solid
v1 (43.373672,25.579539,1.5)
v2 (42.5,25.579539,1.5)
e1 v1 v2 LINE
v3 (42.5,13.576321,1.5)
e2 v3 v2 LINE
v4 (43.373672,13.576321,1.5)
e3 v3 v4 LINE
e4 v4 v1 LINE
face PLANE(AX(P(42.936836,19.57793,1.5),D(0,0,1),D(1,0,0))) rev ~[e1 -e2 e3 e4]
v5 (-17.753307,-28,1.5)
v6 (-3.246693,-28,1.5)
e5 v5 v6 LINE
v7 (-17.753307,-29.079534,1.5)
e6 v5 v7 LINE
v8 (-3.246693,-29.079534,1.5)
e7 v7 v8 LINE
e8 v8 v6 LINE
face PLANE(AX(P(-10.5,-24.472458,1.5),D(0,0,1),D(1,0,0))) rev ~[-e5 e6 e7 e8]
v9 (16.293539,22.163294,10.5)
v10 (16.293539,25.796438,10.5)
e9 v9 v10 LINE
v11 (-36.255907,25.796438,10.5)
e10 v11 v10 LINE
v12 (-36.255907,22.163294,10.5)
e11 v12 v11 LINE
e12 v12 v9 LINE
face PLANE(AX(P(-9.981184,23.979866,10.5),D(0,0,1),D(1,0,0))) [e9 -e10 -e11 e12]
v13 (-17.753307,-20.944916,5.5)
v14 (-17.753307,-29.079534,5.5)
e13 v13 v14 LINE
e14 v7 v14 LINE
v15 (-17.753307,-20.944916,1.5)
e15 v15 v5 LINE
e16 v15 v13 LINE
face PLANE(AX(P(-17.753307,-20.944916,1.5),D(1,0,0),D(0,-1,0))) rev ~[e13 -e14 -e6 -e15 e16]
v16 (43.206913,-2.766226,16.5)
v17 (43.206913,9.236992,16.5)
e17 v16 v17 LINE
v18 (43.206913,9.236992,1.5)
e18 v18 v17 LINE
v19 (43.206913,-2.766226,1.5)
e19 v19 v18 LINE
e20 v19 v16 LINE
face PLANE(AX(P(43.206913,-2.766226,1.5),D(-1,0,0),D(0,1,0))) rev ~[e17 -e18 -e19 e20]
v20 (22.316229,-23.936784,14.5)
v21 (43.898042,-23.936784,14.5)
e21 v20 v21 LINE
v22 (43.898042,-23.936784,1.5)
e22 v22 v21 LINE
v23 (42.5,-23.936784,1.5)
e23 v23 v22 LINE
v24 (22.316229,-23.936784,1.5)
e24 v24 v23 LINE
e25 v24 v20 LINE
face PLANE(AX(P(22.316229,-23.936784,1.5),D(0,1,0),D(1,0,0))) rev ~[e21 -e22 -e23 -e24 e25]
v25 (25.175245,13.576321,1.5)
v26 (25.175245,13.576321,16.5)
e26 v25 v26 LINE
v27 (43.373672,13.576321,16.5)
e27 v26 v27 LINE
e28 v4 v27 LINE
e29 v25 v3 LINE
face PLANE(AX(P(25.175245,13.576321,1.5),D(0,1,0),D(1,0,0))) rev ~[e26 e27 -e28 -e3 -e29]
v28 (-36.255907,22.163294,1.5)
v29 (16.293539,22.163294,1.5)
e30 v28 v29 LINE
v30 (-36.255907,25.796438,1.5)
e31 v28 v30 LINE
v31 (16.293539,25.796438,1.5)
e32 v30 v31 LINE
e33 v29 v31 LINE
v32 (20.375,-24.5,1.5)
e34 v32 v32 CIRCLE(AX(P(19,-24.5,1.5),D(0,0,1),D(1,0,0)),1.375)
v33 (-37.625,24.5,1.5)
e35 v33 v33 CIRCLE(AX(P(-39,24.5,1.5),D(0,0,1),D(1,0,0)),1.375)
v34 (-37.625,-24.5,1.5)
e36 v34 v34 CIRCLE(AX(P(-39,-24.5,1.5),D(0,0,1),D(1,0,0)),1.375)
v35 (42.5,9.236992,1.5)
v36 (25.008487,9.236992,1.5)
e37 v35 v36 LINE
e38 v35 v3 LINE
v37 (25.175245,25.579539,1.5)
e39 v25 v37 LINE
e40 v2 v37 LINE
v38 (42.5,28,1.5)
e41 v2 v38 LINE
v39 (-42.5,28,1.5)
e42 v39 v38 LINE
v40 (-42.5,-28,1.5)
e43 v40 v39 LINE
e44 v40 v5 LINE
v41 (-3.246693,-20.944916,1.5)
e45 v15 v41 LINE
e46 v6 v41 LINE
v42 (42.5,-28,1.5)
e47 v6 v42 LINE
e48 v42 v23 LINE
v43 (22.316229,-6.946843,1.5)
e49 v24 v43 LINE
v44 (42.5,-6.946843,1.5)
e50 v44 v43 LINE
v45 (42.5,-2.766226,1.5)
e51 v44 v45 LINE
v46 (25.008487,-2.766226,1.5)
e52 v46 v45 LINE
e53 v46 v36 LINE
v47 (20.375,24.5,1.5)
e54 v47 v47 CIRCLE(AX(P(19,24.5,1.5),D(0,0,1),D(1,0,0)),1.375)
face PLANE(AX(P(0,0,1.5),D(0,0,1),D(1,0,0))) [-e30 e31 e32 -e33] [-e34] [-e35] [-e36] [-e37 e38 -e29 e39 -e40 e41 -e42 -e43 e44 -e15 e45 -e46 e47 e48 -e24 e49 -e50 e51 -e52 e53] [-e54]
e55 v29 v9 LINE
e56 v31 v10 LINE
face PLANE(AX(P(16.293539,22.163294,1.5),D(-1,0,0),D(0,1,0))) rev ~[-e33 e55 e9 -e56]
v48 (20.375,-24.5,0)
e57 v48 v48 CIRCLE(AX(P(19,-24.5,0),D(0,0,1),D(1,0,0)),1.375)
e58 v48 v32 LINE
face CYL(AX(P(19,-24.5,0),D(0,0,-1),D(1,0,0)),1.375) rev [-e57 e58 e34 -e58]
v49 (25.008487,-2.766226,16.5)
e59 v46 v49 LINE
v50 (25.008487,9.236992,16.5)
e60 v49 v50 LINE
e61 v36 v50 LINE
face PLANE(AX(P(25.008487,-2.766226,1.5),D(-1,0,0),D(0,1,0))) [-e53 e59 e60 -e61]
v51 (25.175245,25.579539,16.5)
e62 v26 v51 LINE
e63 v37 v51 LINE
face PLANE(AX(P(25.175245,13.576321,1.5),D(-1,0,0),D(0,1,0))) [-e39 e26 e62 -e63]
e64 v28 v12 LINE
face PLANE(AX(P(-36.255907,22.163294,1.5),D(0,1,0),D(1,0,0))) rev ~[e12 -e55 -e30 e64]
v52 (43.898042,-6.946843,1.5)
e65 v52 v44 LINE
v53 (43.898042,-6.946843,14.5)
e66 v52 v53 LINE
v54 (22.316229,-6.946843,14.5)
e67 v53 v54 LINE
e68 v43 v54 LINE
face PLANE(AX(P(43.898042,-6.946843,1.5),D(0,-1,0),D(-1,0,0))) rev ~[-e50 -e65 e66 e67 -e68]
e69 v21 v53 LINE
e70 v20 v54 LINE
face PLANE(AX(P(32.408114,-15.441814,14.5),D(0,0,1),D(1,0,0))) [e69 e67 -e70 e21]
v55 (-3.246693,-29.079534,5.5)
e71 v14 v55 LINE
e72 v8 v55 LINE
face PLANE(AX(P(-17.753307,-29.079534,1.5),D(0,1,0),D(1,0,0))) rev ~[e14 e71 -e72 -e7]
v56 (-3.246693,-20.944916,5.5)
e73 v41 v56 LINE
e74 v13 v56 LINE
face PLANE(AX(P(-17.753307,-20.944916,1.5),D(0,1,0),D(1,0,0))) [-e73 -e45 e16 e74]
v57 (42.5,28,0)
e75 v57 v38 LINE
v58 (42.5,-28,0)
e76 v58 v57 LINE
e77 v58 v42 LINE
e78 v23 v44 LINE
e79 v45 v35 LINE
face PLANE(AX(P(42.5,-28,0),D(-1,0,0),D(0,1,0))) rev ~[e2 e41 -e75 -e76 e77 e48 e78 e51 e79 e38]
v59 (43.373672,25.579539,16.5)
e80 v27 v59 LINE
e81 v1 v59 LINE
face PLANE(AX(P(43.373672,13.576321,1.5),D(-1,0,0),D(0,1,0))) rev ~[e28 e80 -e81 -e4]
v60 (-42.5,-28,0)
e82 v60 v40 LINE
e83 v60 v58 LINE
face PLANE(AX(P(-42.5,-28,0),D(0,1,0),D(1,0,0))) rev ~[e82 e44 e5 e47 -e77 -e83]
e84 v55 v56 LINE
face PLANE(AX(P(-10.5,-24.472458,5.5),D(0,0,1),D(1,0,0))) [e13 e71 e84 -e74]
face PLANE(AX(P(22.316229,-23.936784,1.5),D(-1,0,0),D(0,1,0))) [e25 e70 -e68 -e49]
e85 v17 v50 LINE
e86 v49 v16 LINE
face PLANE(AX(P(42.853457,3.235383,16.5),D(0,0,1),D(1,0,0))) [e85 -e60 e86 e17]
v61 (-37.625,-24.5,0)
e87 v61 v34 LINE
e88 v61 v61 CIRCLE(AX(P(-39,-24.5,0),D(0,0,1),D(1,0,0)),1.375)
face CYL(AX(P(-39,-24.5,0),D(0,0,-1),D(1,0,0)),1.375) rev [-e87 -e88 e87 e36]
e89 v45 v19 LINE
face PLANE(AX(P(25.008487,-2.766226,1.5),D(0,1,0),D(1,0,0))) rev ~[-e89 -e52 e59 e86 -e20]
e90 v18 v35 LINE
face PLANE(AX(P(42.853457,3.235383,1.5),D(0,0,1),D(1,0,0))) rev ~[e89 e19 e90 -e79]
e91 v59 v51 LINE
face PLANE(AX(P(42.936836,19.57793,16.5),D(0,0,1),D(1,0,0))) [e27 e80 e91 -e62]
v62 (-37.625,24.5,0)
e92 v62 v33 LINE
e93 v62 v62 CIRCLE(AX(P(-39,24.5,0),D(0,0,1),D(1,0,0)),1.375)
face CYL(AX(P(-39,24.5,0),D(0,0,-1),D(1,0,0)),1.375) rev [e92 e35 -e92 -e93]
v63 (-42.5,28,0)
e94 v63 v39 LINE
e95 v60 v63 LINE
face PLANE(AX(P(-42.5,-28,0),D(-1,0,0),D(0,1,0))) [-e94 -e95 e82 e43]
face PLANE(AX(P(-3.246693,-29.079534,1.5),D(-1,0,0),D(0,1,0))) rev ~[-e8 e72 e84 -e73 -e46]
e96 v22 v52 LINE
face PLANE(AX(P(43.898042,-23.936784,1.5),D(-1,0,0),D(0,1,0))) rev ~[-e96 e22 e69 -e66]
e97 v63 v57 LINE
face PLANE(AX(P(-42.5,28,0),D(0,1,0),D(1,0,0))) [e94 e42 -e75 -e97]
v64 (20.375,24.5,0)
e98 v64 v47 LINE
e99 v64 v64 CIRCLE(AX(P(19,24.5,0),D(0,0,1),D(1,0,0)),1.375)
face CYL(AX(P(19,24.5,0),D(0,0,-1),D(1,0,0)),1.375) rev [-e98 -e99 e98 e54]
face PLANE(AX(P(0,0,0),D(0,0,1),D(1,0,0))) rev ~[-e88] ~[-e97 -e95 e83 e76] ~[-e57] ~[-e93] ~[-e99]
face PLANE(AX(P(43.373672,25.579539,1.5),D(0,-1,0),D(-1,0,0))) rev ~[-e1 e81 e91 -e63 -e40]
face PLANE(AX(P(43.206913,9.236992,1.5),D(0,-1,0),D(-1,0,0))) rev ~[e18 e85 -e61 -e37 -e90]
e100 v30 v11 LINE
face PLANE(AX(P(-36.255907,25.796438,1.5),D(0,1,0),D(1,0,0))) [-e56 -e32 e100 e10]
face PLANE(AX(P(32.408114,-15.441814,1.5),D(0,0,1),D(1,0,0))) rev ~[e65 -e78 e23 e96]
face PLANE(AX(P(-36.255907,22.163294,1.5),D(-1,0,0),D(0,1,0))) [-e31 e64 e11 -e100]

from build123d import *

# Parameters (mm, degrees)
F0_W     = 85
F0_H     = 56
F0_R     = 1.375
F1_DEPTH = 1.5
F2_W     = 14.5066131875
F2_H     = 7.0550842881
F2_H_2   = 1.0795340971
F3_DEPTH = 4
F2_W_2   = 52.5494457505
F2_H_3   = 3.6331438509
F4_DEPTH = 9
F2_W_3   = 0.706913475
F2_H_4   = 12.0032178172
F2_W_4   = 17.4915134945
F2_W_5   = 0.87367237
F2_W_6   = 17.3247545996
F5_DEPTH = 15
F2_W_7   = 20.1837714718
F2_H_5   = 16.9899400229
F2_W_8   = 1.3980423616
F6_DEPTH = 13


with BuildPart() as f1:
    # F0 (on Top) → F1 (new body)
    with BuildSketch(Plane.XY):
        Rectangle(F0_W, F0_H)
        with Locations((-39, -24.5)):
            Circle(F0_R, mode=Mode.SUBTRACT)
        with Locations((19, -24.5)):
            Circle(F0_R, mode=Mode.SUBTRACT)
        with Locations((-39, 24.5)):
            Circle(F0_R, mode=Mode.SUBTRACT)
        with Locations((19, 24.5)):
            Circle(F0_R, mode=Mode.SUBTRACT)
    extrude(amount=F1_DEPTH)

    # F2 (on face) → F3 (join)
    with BuildSketch(Plane.XY.offset(1.5)):
        with Locations((-10.5, -24.4724578559)):
            Rectangle(F2_W, F2_H)
        with Locations((-10.5, -28.5397670486)):
            Rectangle(F2_W, F2_H_2)
    extrude(amount=F3_DEPTH)

    # F2 (on face) → F4 (join)
    with BuildSketch(Plane.XY.offset(1.5)):
        with Locations((-9.9811840151, 23.979865989)):
            Rectangle(F2_W_2, F2_H_3)
    extrude(amount=F4_DEPTH)

    # F2 (on face) → F5 (join)
    with BuildSketch(Plane.XY.offset(1.5)):
        with Locations((42.8534567375, 3.2353831921)):
            Rectangle(F2_W_3, F2_H_4)
        with Locations((33.7542432528, 3.2353831921)):
            Rectangle(F2_W_4, F2_H_4)
        with Locations((42.936836185, 19.5779297501)):
            Rectangle(F2_W_5, F2_H_4)
        with Locations((33.8376227002, 19.5779297501)):
            Rectangle(F2_W_6, F2_H_4)
    extrude(amount=F5_DEPTH)

    # F2 (on face) → F6 (join)
    with BuildSketch(Plane.XY.offset(1.5)):
        with Locations((32.4081142641, -15.4418135062)):
            Rectangle(F2_W_7, F2_H_5)
        with Locations((43.1990211808, -15.4418135062)):
            Rectangle(F2_W_8, F2_H_5)
    extrude(amount=F6_DEPTH)


solid = f1.part
